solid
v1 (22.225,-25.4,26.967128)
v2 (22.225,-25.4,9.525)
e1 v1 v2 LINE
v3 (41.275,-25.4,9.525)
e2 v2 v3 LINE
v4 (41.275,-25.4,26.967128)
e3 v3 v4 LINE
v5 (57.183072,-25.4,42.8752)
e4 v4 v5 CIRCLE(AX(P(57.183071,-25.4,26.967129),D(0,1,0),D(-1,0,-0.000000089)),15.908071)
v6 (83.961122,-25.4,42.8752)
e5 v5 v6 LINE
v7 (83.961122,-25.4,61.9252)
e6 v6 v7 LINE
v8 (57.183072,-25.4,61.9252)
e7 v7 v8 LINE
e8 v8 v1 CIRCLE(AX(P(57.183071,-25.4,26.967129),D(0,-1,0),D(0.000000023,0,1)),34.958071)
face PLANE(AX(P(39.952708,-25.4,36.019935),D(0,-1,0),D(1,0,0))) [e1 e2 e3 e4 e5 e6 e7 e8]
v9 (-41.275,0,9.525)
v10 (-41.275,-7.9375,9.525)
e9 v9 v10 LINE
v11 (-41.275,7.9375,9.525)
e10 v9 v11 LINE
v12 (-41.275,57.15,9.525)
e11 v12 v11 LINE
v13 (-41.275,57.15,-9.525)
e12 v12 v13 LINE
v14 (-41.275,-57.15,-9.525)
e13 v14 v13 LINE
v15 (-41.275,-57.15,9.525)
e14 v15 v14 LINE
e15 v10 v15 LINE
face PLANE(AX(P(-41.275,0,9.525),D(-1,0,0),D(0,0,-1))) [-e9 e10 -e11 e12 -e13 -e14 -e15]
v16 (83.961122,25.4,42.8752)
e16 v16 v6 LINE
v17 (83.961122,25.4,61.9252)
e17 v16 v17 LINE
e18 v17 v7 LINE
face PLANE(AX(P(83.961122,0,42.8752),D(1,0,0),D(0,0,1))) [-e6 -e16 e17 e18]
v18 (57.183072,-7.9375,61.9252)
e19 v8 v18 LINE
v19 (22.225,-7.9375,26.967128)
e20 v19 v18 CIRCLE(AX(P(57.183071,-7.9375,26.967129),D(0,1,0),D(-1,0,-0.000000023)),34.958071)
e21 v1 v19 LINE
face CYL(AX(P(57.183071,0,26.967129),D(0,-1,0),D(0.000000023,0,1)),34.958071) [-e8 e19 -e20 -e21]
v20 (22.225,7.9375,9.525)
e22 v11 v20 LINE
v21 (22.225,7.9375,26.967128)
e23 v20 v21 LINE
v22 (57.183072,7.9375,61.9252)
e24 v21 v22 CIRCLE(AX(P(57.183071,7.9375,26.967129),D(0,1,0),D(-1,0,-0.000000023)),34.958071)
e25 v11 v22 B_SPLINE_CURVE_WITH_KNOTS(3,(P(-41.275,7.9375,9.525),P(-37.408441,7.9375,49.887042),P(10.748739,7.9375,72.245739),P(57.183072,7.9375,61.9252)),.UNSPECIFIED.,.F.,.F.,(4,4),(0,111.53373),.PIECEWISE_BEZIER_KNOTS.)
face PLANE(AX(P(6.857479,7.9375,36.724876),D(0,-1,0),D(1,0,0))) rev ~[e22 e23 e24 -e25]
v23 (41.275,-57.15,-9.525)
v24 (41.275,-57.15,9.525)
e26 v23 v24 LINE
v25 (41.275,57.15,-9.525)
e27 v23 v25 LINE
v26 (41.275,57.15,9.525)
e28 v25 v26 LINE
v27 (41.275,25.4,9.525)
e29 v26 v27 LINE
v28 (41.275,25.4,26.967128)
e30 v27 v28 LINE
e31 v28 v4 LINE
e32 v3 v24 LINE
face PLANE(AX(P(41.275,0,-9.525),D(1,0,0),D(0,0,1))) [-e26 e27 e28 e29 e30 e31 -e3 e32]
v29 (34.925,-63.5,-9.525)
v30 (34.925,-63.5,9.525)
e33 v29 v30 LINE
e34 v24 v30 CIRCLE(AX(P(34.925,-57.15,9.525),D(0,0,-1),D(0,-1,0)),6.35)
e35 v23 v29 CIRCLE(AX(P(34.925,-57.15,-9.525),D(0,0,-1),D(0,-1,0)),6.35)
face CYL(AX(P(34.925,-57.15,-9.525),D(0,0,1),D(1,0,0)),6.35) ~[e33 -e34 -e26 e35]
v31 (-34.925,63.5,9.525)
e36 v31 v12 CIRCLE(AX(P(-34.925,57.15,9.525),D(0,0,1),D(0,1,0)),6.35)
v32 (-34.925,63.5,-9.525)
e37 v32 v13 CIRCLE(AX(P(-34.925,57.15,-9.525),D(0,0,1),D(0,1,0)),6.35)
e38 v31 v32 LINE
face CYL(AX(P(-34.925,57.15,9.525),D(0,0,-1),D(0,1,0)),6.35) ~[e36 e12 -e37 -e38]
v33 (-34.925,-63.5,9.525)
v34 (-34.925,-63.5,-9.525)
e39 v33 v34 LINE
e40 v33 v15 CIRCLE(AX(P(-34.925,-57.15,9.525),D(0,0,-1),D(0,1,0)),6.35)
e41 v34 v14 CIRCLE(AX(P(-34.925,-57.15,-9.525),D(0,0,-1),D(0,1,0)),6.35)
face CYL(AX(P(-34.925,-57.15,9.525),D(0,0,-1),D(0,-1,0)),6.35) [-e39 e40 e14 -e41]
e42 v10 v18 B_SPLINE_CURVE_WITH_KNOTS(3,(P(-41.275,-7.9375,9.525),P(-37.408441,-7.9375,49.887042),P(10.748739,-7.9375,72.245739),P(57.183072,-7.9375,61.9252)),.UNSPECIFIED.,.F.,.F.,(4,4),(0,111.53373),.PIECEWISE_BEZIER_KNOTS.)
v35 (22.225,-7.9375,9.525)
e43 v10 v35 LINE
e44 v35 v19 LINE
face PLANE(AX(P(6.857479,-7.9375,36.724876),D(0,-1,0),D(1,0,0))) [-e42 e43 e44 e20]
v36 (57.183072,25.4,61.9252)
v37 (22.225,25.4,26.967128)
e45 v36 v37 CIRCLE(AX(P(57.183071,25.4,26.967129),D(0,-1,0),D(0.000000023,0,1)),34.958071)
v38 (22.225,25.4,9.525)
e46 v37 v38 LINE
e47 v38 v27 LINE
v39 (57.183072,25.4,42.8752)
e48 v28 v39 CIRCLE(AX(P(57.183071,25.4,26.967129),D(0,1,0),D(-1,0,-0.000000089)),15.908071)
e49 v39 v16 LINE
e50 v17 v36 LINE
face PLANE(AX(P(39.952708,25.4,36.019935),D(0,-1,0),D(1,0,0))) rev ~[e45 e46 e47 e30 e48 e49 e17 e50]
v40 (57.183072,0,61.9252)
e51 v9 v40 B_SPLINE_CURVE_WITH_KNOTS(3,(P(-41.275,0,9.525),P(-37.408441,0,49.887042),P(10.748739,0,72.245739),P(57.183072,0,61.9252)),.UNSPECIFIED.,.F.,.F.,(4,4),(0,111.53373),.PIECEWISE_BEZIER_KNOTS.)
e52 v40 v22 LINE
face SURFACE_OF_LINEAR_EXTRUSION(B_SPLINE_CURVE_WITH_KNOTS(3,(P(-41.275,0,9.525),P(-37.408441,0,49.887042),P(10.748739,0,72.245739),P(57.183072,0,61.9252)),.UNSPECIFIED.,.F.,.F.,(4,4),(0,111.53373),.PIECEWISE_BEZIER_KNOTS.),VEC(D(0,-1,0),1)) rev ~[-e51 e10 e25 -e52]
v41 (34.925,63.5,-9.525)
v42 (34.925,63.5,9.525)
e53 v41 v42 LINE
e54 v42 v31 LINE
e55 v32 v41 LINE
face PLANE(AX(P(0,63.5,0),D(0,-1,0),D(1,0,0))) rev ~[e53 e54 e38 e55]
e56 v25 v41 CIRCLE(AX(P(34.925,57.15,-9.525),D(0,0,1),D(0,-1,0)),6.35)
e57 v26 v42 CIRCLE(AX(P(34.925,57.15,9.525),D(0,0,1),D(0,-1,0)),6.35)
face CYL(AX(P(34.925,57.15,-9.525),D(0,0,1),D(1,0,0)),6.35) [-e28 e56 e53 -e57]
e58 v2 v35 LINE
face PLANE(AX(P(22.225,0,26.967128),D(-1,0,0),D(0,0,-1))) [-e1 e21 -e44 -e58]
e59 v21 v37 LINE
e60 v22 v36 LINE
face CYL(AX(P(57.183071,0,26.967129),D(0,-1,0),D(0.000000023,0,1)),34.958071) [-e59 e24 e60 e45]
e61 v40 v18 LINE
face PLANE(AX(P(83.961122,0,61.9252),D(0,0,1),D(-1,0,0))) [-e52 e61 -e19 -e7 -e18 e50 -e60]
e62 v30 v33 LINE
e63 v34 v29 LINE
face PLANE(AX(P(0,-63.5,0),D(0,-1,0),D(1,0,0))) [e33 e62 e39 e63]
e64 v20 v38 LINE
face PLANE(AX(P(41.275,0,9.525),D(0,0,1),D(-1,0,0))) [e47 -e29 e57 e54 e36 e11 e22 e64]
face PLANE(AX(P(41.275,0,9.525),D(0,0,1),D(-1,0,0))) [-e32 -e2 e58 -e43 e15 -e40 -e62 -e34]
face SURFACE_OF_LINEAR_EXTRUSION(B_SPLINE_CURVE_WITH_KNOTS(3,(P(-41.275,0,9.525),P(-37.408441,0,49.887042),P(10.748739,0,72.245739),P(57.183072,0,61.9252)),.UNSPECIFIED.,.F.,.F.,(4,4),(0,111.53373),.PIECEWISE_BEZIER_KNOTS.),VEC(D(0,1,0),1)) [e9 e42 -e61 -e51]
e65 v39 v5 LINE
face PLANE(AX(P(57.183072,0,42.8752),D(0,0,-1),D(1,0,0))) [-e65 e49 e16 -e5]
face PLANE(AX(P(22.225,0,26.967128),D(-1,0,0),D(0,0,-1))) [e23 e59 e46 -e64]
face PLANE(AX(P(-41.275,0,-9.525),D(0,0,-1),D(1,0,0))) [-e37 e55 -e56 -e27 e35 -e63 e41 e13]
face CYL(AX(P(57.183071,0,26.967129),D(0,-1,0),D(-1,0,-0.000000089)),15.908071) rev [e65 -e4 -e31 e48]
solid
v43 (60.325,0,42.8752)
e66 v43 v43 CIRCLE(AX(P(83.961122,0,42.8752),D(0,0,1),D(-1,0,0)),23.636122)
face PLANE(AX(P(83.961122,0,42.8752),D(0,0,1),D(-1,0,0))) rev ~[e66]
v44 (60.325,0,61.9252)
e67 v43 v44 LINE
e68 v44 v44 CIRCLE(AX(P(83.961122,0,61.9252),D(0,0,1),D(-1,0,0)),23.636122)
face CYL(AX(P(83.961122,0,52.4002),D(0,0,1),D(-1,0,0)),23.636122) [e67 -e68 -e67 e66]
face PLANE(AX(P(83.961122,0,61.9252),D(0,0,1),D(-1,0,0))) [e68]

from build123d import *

# Parameters (mm, degrees)
F1_DEPTH = 63.5
F0_W     = 23.636122
F0_H     = 19.05
F2_DEPTH = 25.4
F3_DEPTH = 7.9375
F5_R     = 6.35


with BuildPart() as f1:
    # F0 (on Front) → F1 (new body, symmetric)
    with BuildSketch(Plane.XZ):
        Polygon((41.275, -9.525), (41.275, 9.525), (22.225, 9.525), (-41.275, 9.525), (-41.275, -9.525), align=None)
    extrude(amount=F1_DEPTH, both=True)

    # F0 (on Front) → F2 (join, symmetric)
    with BuildSketch(Plane.XZ):
        with BuildLine():
            Line((22.225, 9.525), (41.275, 9.525))
            Line((41.275, 9.525), (41.275, 26.967128))
            ThreePointArc((41.275, 26.967128), (45.934366, 38.215834), (57.183072, 42.8752))
            Line((57.183072, 42.8752), (60.325, 42.8752))
            Line((60.325, 42.8752), (60.325, 61.9252))
            Line((60.325, 61.9252), (57.183072, 61.9252))
            ThreePointArc((57.183072, 61.9252), (32.463982, 51.686218), (22.225, 26.967128))
            Line((22.225, 26.967128), (22.225, 9.525))
        make_face()
        with Locations((72.143061, 52.4002)):
            Rectangle(F0_W, F0_H)
    extrude(amount=F2_DEPTH, both=True)

    # F0 (on Front) → F3 (join, symmetric)
    with BuildSketch(Plane.XZ):
        with BuildLine():
            Line((-41.275, 9.525), (22.225, 9.525))
            Line((22.225, 9.525), (22.225, 26.967128))
            ThreePointArc((22.225, 26.967128), (32.463982, 51.686218), (57.183072, 61.9252))
            add(Edge.make_bspline(
                [(-41.275, 9.525), (-37.408441, 49.887042), (10.748739, 72.245739), (57.183072, 61.9252)],
                knots=[0, 0, 0, 0, 111.53373, 111.53373, 111.53373, 111.53373], degree=3))
        make_face()
    extrude(amount=F3_DEPTH, both=True)

    # F5
    f5_edges = [f1.edges().sort_by_distance(p)[0] for p in [
        (-41.275, 63.5, 0),
        (41.275, 63.5, 0),
        (-41.275, -63.5, 0),
        (41.275, -63.5, 0),
    ]]
    fillet(f5_edges, radius=F5_R)


with BuildPart() as f4:
    # F0 (on Front) → F4 (revolve)
    with BuildSketch(Plane.XZ):
        with Locations((72.143061, 52.4002)):
            Rectangle(F0_W, F0_H)
    revolve(axis=Axis((83.961122, 0, 52.4002), (0, 0, 1)))


solid = Compound([f1.part, f4.part])
